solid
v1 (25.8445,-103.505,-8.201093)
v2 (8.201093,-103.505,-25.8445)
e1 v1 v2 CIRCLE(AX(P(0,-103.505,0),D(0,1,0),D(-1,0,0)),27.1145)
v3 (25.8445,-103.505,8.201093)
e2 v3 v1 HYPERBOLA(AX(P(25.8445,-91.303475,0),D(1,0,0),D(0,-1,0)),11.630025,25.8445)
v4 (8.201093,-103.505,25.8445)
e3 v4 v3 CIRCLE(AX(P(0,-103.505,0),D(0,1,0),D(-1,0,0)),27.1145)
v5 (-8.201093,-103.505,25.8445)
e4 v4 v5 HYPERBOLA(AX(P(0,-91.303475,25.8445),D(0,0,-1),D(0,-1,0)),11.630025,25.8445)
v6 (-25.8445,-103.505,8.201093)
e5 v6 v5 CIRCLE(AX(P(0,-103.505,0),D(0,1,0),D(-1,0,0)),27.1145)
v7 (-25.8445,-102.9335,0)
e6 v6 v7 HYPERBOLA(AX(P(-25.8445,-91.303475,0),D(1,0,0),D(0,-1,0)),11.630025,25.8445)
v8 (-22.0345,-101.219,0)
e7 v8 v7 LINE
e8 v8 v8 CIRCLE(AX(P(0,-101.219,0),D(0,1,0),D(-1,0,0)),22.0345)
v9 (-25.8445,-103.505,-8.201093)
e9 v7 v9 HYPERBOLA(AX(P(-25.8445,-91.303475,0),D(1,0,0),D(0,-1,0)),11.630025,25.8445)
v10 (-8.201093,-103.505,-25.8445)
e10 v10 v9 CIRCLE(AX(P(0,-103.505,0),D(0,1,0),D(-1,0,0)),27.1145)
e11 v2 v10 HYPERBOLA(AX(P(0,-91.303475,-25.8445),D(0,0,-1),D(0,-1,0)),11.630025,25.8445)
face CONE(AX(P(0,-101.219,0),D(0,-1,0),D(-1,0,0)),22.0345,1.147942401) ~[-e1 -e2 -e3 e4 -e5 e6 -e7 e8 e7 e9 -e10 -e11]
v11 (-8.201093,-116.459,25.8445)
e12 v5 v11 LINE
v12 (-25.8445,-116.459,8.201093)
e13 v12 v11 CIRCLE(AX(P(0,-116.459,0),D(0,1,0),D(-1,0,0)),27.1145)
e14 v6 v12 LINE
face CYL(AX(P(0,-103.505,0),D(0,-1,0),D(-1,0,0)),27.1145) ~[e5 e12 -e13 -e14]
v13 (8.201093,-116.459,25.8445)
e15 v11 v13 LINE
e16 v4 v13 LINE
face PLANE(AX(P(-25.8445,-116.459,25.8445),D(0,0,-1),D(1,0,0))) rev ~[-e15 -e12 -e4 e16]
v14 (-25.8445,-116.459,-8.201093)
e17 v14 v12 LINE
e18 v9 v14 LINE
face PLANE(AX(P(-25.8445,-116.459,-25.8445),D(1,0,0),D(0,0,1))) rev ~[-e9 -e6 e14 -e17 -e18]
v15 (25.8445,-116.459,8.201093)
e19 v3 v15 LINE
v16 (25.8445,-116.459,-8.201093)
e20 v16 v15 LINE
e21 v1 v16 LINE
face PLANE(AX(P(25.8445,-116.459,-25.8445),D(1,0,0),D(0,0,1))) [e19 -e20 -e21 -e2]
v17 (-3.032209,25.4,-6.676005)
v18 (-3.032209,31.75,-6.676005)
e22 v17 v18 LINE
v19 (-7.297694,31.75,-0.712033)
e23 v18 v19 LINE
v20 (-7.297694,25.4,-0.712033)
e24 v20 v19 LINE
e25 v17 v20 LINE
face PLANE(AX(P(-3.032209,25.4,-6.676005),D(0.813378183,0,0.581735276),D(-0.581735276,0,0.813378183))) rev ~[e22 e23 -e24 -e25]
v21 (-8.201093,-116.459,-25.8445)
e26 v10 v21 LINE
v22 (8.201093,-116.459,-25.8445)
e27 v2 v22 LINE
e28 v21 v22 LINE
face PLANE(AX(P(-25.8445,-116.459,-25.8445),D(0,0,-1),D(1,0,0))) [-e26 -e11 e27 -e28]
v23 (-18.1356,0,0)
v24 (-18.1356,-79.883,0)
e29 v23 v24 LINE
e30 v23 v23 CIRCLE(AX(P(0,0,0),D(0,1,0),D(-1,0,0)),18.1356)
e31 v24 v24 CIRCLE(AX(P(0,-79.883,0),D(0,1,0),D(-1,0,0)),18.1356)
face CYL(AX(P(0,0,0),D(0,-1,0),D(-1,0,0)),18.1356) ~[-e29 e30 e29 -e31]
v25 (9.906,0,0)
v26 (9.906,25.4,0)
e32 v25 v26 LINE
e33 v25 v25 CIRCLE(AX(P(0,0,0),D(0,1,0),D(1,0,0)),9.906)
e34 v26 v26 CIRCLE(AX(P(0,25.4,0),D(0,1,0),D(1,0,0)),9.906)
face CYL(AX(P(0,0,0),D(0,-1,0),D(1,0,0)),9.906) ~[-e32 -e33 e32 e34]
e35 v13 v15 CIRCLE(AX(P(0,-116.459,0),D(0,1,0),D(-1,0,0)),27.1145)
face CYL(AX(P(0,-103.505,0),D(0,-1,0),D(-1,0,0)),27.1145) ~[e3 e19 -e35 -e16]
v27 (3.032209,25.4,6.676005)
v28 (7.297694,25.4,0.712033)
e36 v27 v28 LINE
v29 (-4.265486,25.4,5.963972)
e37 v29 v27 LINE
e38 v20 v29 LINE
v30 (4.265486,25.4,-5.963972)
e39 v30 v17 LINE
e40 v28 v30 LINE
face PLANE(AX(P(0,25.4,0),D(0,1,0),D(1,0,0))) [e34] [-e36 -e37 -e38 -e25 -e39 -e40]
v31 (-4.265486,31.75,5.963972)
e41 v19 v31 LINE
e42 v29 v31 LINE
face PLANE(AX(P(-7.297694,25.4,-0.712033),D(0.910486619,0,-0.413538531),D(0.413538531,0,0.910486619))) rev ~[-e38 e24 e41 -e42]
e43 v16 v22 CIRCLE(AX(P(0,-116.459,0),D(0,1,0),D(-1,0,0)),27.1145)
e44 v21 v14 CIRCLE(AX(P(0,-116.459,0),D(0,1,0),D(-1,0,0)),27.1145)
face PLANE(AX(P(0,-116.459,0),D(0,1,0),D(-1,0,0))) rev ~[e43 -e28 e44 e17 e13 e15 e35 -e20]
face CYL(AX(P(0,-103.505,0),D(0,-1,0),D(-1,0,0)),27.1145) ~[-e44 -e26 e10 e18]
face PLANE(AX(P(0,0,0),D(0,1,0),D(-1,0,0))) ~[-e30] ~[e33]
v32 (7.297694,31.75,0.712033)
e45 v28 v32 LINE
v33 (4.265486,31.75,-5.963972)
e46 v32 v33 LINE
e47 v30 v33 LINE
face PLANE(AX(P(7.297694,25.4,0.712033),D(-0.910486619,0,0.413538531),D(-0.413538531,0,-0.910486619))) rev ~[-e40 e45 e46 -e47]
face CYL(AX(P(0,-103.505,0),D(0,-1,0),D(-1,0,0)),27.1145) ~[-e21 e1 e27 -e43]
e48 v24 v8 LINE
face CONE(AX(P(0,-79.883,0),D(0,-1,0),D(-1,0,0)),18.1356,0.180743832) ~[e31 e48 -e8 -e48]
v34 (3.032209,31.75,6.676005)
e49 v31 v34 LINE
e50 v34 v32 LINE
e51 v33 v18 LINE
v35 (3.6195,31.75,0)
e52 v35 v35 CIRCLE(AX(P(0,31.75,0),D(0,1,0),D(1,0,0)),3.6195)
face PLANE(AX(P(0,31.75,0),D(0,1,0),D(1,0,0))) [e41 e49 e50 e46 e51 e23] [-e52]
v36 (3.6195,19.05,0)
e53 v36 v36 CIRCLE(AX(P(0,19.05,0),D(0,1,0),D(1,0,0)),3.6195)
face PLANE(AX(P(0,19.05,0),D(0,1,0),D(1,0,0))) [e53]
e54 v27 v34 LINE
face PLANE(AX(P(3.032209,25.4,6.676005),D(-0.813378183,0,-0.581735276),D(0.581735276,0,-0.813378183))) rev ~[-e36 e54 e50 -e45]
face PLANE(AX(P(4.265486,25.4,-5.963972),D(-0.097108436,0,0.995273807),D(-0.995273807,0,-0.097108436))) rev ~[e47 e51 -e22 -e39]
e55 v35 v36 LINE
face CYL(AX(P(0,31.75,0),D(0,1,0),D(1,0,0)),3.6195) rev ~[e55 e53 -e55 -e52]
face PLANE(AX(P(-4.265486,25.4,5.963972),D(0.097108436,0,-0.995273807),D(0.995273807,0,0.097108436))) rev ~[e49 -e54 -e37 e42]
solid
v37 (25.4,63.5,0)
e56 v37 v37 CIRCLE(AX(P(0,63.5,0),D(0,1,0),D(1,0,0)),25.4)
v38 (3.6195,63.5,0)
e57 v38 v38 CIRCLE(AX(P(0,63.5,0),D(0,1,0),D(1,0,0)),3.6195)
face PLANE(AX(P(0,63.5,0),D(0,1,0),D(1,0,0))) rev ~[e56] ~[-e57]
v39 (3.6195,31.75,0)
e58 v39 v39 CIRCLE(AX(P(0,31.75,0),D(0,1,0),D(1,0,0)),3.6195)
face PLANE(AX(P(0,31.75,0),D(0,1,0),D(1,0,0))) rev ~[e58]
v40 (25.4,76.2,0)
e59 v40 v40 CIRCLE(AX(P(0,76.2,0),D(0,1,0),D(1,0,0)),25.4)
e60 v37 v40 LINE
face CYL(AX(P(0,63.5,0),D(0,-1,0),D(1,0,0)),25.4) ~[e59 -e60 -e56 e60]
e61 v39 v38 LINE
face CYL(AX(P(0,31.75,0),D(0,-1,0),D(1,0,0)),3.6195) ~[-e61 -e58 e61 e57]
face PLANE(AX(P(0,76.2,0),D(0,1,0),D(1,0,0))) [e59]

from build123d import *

# Parameters (mm, degrees)
SKETCH2_OUTSIDE_W   = 84.116
SKETCH2_OUTSIDE_H   = 84.116
SKETCH2_OUTSIDE_W_2 = 51.689
SKETCH2_OUTSIDE_H_2 = 51.689
EXTRUDE1_DEPTH      = 17.78
SKETCH3_R           = 9.906
EXTRUDE2_DEPTH      = 25.4
EXTRUDE3_DEPTH      = 6.35
SKETCH5_R           = 3.6195
EXTRUDE4_DEPTH      = 12.7
SKETCH6_R           = 3.6195
EXTRUDE5_DEPTH      = 31.75
SKETCH7_R           = 25.4
EXTRUDE6_DEPTH      = 12.7


with BuildPart() as part:
    # Sketch1 → Revolve1 (revolve)
    with BuildSketch(Plane.XY):
        Polygon((0, 0), (-18.1356, 0), (-18.1356, -79.883), (-22.0345, -101.219), (-27.1145, -103.505), (-27.1145, -116.459), (0, -116.459), align=None)
    revolve(axis=Axis((0, -116.459, 0), (0, 1, 0)))

    # Sketch2 outside → Extrude1 (cut)
    with BuildSketch(Plane.XZ.offset(116.459)):
        Rectangle(SKETCH2_OUTSIDE_W, SKETCH2_OUTSIDE_H)
        Rectangle(SKETCH2_OUTSIDE_W_2, SKETCH2_OUTSIDE_H_2, mode=Mode.SUBTRACT)
    extrude(amount=-EXTRUDE1_DEPTH, mode=Mode.SUBTRACT)

    # Sketch3 → Extrude2 (add)
    with BuildSketch(Plane(origin=(0, 0, 0), x_dir=(1, 0, 0), z_dir=(0, 1, 0))):
        Circle(SKETCH3_R)
    extrude(amount=EXTRUDE2_DEPTH)

    # Sketch4 → Extrude3 (add)
    with BuildSketch(Plane(origin=(0, 25.4, 0), x_dir=(1, 0, 0), z_dir=(0, 1, 0))):
        Polygon((-4.265485733, -5.963972233), (3.032208595, -6.676005121), (7.297694328, -0.712032888), (4.265485733, 5.963972233), (-3.032208595, 6.676005121), (-7.297694328, 0.712032888), align=None)
    extrude(amount=EXTRUDE3_DEPTH)

    # Sketch5 → Extrude4 (cut)
    with BuildSketch(Plane(origin=(0, 31.75, 0), x_dir=(1, 0, 0), z_dir=(0, 1, 0))):
        Circle(SKETCH5_R)
    extrude(amount=-EXTRUDE4_DEPTH, mode=Mode.SUBTRACT)


with BuildPart() as body_2:
    # Sketch6 → Extrude5 (new body)
    with BuildSketch(Plane(origin=(0, 31.75, 0), x_dir=(1, 0, 0), z_dir=(0, 1, 0))):
        Circle(SKETCH6_R)
    extrude(amount=EXTRUDE5_DEPTH)

    # Sketch7 → Extrude6 (add)
    with BuildSketch(Plane(origin=(0, 63.5, 0), x_dir=(1, 0, 0), z_dir=(0, 1, 0))):
        Circle(SKETCH7_R)
    extrude(amount=EXTRUDE6_DEPTH)


solid = Compound([part.part, body_2.part])
